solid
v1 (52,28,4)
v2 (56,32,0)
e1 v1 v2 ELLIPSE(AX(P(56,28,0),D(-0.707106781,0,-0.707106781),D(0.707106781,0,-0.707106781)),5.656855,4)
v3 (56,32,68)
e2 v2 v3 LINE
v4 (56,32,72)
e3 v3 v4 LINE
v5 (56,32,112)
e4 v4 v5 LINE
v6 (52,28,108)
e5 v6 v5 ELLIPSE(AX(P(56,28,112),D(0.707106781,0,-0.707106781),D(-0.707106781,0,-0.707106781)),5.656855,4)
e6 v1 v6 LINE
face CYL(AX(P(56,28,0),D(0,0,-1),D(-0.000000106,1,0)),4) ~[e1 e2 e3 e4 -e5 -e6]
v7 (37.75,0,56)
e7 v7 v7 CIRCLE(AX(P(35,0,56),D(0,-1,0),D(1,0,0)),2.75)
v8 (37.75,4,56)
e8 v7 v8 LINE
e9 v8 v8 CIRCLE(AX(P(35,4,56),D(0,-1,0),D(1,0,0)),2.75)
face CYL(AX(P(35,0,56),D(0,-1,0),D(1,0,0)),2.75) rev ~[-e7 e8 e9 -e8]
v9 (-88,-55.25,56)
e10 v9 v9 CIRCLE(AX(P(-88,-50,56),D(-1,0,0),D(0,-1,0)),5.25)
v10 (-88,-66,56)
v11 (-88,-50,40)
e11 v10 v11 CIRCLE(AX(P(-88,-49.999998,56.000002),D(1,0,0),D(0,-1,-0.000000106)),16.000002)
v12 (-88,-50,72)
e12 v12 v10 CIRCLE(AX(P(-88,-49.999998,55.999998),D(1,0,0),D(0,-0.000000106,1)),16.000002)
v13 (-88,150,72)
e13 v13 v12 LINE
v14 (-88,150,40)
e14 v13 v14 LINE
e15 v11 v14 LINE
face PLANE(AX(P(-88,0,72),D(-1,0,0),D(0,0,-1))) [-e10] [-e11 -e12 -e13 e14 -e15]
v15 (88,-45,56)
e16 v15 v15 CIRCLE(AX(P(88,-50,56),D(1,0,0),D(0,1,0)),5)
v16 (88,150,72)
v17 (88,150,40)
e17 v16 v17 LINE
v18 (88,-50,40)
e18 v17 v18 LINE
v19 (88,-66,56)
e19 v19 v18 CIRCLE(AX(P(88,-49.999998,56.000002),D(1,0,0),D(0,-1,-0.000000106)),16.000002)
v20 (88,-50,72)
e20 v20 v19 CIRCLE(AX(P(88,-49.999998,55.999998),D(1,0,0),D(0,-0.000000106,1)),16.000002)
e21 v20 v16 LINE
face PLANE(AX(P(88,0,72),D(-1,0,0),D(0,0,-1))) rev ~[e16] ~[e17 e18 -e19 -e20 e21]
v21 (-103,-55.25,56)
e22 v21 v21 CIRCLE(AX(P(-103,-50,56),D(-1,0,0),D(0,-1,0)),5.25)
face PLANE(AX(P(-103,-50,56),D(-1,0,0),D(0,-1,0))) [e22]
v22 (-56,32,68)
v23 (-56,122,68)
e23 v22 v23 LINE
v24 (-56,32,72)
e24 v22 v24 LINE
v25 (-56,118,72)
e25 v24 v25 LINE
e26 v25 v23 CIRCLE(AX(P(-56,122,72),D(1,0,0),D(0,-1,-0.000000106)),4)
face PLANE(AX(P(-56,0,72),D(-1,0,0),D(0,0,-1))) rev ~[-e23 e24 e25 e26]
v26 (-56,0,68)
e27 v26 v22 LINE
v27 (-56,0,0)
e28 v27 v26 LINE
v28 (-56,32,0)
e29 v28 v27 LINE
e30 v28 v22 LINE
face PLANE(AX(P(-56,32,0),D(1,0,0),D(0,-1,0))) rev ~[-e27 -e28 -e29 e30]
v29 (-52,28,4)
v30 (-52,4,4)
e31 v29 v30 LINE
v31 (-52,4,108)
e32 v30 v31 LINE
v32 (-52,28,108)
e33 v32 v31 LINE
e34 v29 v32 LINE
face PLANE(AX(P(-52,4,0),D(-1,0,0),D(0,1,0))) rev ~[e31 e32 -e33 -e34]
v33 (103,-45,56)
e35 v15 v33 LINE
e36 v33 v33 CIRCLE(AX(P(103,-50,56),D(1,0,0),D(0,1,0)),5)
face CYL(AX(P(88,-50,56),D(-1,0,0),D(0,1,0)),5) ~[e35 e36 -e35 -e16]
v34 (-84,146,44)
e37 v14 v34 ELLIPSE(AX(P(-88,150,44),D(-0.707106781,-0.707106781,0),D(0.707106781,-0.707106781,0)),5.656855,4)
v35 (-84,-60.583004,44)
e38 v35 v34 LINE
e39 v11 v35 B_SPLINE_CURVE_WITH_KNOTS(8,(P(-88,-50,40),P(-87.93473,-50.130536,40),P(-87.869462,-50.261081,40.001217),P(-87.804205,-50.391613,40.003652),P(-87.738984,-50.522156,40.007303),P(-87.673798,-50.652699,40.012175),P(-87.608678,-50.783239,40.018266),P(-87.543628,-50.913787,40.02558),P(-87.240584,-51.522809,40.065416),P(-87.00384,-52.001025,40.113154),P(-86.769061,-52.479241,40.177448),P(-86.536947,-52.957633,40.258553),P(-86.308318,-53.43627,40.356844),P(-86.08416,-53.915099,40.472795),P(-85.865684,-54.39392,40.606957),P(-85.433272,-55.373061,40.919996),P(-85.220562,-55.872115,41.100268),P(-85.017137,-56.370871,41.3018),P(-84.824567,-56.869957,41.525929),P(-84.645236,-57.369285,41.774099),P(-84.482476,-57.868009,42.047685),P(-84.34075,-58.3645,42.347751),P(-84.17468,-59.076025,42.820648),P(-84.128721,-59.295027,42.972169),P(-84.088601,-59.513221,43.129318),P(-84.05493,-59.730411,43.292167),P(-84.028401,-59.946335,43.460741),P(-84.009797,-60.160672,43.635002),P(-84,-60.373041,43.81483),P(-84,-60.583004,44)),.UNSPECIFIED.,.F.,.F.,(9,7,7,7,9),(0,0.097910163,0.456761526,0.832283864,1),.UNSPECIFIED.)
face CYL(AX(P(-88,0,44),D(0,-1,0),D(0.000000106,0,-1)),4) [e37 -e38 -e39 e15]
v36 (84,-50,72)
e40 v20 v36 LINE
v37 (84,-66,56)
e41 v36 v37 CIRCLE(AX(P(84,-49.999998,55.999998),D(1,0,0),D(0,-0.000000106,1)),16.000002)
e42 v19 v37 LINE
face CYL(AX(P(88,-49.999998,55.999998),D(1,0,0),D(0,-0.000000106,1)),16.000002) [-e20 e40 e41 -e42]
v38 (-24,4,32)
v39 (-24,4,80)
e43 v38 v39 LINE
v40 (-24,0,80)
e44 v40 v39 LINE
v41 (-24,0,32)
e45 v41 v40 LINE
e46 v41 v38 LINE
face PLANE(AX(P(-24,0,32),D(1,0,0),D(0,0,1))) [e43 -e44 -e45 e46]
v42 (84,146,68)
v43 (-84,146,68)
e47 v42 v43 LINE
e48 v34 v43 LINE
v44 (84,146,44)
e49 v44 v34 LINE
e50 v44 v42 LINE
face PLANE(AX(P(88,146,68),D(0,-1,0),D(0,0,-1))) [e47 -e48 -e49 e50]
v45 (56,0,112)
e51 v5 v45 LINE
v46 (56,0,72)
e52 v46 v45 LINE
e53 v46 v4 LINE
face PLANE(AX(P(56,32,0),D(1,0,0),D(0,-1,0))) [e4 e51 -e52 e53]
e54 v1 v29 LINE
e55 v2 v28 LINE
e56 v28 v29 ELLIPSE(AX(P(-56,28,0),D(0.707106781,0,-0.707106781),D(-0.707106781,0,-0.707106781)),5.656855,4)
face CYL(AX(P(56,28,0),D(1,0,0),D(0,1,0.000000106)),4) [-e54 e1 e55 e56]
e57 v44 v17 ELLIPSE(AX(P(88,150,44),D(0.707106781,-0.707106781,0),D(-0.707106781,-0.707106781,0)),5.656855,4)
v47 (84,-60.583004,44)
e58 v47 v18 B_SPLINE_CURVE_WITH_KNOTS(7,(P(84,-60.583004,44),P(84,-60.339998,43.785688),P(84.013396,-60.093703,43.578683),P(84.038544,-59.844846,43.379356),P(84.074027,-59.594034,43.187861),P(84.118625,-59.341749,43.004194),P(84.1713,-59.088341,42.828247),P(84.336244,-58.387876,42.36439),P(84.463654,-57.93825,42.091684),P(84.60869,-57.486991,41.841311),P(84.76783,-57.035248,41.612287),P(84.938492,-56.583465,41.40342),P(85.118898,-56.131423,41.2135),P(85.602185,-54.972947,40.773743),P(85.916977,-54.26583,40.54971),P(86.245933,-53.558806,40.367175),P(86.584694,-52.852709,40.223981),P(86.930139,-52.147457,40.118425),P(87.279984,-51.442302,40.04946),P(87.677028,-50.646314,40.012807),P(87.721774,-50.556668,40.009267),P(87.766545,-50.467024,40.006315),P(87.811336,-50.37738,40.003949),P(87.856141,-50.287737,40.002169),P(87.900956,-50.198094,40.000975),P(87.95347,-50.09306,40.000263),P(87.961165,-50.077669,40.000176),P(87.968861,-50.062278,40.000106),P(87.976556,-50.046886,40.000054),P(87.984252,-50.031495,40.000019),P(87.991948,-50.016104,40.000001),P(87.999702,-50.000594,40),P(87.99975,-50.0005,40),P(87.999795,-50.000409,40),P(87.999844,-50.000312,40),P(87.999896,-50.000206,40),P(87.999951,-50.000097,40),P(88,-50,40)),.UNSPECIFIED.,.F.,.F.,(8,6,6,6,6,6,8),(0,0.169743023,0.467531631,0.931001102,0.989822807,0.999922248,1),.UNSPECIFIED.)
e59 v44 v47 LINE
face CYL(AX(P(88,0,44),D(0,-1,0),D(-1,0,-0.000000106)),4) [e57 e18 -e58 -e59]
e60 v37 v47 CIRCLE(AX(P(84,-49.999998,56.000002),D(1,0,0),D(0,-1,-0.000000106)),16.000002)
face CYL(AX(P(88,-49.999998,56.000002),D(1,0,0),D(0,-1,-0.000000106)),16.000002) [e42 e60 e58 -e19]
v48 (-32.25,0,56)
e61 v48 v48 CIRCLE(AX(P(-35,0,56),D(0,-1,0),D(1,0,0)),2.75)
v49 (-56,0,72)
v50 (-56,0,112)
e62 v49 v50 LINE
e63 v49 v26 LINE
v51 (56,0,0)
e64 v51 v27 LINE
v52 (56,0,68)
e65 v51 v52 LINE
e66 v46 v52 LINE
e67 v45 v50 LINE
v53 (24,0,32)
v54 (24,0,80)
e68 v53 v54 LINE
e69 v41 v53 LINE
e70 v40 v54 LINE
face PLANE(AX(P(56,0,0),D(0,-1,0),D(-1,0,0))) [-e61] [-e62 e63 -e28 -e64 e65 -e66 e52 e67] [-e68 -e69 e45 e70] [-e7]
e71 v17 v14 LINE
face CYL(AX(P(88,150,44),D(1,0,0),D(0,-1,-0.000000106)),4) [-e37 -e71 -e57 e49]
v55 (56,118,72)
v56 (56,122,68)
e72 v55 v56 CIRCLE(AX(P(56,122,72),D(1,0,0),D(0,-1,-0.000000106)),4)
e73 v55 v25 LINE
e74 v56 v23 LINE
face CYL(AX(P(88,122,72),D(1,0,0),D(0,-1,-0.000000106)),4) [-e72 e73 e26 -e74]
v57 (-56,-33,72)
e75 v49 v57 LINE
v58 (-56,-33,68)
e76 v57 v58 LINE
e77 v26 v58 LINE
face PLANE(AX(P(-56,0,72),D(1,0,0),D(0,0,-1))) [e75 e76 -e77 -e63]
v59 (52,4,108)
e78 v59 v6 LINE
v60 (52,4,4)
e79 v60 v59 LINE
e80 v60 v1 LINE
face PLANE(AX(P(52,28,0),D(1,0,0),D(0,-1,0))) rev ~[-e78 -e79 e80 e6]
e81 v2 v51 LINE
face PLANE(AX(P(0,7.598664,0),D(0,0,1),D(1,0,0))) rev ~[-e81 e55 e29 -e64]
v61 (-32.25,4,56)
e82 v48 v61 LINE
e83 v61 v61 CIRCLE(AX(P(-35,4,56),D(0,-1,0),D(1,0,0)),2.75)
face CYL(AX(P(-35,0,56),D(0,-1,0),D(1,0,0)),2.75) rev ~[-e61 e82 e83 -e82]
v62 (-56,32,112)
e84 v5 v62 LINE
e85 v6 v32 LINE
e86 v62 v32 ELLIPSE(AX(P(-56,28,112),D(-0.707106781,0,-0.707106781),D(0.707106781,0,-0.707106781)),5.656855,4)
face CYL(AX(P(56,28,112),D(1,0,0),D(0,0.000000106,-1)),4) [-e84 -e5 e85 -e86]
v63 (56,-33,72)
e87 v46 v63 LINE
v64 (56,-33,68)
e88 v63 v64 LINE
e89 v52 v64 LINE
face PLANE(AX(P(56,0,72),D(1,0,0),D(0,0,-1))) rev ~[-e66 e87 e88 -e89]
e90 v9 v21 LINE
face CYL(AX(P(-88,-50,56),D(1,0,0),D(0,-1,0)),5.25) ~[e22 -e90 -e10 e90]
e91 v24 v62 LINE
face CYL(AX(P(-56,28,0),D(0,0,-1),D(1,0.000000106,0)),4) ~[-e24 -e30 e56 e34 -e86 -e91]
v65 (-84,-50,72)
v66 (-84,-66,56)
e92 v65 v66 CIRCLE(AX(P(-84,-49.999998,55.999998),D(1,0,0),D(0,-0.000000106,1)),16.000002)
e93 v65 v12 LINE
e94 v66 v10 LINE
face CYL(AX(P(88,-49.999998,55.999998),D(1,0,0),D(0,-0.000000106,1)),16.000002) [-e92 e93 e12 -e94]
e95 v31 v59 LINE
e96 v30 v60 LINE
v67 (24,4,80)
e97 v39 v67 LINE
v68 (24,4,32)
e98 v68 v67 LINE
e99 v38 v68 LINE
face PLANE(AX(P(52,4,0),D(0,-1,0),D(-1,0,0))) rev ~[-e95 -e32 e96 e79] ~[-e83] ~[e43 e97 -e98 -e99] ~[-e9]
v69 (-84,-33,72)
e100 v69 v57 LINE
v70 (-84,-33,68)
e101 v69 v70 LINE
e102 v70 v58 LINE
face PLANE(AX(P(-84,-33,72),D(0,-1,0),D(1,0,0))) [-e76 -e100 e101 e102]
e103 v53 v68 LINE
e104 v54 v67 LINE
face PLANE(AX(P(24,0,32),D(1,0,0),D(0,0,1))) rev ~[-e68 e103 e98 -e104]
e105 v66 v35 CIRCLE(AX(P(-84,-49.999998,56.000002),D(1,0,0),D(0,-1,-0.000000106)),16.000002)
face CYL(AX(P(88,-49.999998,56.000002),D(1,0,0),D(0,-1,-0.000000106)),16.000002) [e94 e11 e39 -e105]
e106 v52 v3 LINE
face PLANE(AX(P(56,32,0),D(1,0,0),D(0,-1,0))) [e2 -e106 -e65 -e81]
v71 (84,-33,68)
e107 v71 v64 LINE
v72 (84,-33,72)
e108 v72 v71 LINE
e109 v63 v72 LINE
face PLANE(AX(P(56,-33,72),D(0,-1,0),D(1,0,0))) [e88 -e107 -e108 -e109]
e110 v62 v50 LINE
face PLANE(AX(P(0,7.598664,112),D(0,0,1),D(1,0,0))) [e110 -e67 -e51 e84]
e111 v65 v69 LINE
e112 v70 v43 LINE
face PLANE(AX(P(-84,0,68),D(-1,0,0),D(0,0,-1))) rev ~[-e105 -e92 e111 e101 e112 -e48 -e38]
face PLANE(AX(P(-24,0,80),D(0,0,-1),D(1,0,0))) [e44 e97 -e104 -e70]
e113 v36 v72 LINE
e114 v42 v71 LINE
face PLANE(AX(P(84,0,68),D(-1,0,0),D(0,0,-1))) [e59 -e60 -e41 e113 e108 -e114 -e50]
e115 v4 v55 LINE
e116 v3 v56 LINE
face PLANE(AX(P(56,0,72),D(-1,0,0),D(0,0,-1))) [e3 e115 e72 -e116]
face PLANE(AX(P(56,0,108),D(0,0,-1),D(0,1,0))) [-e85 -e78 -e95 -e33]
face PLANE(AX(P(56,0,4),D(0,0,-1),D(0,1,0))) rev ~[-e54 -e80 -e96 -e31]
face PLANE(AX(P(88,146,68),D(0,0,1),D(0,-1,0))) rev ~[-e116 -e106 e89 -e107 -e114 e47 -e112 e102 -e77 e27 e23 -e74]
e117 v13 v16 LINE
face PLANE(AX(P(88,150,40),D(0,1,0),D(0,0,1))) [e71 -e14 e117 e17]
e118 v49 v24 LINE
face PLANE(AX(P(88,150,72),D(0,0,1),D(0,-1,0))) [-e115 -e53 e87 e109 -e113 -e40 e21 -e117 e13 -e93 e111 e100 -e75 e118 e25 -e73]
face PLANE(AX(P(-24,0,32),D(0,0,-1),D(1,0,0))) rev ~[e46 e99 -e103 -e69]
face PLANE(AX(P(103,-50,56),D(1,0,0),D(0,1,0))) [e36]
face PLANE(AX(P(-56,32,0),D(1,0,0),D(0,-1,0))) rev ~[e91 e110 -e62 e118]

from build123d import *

# Parameters (mm, degrees)
PAD_DEPTH         = 112
PAD001_DEPTH      = 112
SKETCH002_R       = 2.75
SKETCH002_W       = 48
SKETCH002_H       = 48
POCKET_DEPTH      = 32.001
PAD002_DEPTH      = 66
PAD002_DEPTH_BACK = 150
SKETCH004_W       = 28
SKETCH004_H       = 33
POCKET001_DEPTH   = 72.001
POCKET002_DEPTH   = 176.001
POCKET003_DEPTH   = 176.001
SKETCH007_R       = 5
PAD003_DEPTH      = 15
SKETCH008_R       = 5.25
PAD004_DEPTH      = 15
PAD005_DEPTH      = 176


with BuildPart() as part:
    # Sketch → Pad (new body)
    with BuildSketch(Plane.XY):
        with BuildLine():
            Line((-56, 32), (-56, 0))
            Line((56, 0), (-56, 0))
            Line((56, 32), (56, 0))
            ThreePointArc((56, 32), (53.171573, 30.828427), (52, 28))
            Line((52, 28), (52, 4))
            Line((52, 4), (-52, 4))
            Line((-52, 4), (-52, 28))
            ThreePointArc((-52, 28), (-53.171573, 30.828427), (-56, 32))
        make_face()
    extrude(amount=PAD_DEPTH)

    # Sketch001 (on Face8 of Pad) → Pad001 (join)
    with BuildSketch(Plane.YZ.offset(56)):
        with BuildLine():
            Line((0, 112), (32, 112))
            ThreePointArc((28, 108), (30.828427, 109.171573), (32, 112))
            Line((0, 108), (28, 108))
            Line((0, 108), (0, 112))
        make_face()
        with BuildLine():
            Line((0, 0), (32, 0))
            ThreePointArc((32, 0), (30.828427, 2.828427), (28, 4))
            Line((0, 4), (28, 4))
            Line((0, 0), (0, 4))
        make_face()
    extrude(amount=-PAD001_DEPTH)

    # Sketch002 (on Face13 of Pad001) → Pocket (cut, through all)
    with BuildSketch(Plane.XZ):
        with Locations((-35, 56)):
            Circle(SKETCH002_R)
        with Locations((35, 56)):
            Circle(SKETCH002_R)
        with Locations((0, 56)):
            Rectangle(SKETCH002_W, SKETCH002_H)
    extrude(amount=-POCKET_DEPTH, mode=Mode.SUBTRACT)

    # Sketch003 (on Face13 of Pocket) → Pad002 (join, two sides)
    with BuildSketch(Plane.XZ) as pad002_sk:
        with BuildLine():
            Line((56, 72), (56, 68))
            Line((56, 68), (84, 68))
            Line((84, 68), (84, 44))
            ThreePointArc((84, 44), (85.171573, 41.171573), (88, 40))
            Line((88, 72), (88, 40))
            Line((56, 72), (88, 72))
        make_face()
        with BuildLine():
            Line((-56, 72), (-56, 68))
            Line((-56, 68), (-84, 68))
            Line((-84, 68), (-84, 44))
            ThreePointArc((-88, 40), (-85.171573, 41.171573), (-84, 44))
            Line((-88, 72), (-88, 40))
            Line((-56, 72), (-88, 72))
        make_face()
    extrude(amount=PAD002_DEPTH)
    extrude(pad002_sk.sketch, amount=-PAD002_DEPTH_BACK)

    # Sketch004 (on Face18 of Pad002) → Pocket001 (cut, through all)
    with BuildSketch(Plane.XY.offset(72)):
        with Locations((70, -49.5)):
            Rectangle(SKETCH004_W, SKETCH004_H)
        with Locations((-70, -49.5)):
            Rectangle(SKETCH004_W, SKETCH004_H)
    extrude(amount=-POCKET001_DEPTH, mode=Mode.SUBTRACT)

    # Sketch005 (on Face39 of Pocket001) → Pocket002 (cut, through all)
    with BuildSketch(Plane.YZ.offset(88)):
        with BuildLine():
            Line((-66, 72), (-50, 72))
            ThreePointArc((-50, 72), (-61.313708, 67.313708), (-66, 56))
            Line((-66, 72), (-66, 56))
        make_face()
    extrude(amount=-POCKET002_DEPTH, mode=Mode.SUBTRACT)

    # Sketch006 (on Face39 of Pocket002) → Pocket003 (cut, through all)
    with BuildSketch(Plane.YZ.offset(88)):
        with BuildLine():
            Line((-50, 40), (-66, 40))
            Line((-66, 40), (-66, 56))
            ThreePointArc((-66, 56), (-61.313708, 44.686292), (-50, 40))
        make_face()
    extrude(amount=-POCKET003_DEPTH, mode=Mode.SUBTRACT)

    # Sketch007 (on Face39 of Pocket003) → Pad003 (join)
    with BuildSketch(Plane.YZ.offset(88)):
        with Locations((-50, 56)):
            Circle(SKETCH007_R)
    extrude(amount=PAD003_DEPTH)

    # Sketch008 (on Face53 of Pad003) → Pad004 (join)
    with BuildSketch(Plane(origin=(-88, 0, 0), x_dir=(0, -1, 0), z_dir=(-1, 0, 0))):
        with Locations((50, 56)):
            Circle(SKETCH008_R)
    extrude(amount=PAD004_DEPTH)

    # Sketch009 (on Face39 of Pad004) → Pad005 (join)
    with BuildSketch(Plane.YZ.offset(88)):
        with BuildLine():
            Line((150, 40), (150, 72))
            Line((150, 72), (118, 72))
            ThreePointArc((118, 72), (119.171573, 69.171573), (122, 68))
            Line((146, 68), (122, 68))
            Line((146, 68), (146, 44))
            ThreePointArc((146, 44), (147.171573, 41.171573), (150, 40))
        make_face()
    extrude(amount=-PAD005_DEPTH)


solid = part.part
